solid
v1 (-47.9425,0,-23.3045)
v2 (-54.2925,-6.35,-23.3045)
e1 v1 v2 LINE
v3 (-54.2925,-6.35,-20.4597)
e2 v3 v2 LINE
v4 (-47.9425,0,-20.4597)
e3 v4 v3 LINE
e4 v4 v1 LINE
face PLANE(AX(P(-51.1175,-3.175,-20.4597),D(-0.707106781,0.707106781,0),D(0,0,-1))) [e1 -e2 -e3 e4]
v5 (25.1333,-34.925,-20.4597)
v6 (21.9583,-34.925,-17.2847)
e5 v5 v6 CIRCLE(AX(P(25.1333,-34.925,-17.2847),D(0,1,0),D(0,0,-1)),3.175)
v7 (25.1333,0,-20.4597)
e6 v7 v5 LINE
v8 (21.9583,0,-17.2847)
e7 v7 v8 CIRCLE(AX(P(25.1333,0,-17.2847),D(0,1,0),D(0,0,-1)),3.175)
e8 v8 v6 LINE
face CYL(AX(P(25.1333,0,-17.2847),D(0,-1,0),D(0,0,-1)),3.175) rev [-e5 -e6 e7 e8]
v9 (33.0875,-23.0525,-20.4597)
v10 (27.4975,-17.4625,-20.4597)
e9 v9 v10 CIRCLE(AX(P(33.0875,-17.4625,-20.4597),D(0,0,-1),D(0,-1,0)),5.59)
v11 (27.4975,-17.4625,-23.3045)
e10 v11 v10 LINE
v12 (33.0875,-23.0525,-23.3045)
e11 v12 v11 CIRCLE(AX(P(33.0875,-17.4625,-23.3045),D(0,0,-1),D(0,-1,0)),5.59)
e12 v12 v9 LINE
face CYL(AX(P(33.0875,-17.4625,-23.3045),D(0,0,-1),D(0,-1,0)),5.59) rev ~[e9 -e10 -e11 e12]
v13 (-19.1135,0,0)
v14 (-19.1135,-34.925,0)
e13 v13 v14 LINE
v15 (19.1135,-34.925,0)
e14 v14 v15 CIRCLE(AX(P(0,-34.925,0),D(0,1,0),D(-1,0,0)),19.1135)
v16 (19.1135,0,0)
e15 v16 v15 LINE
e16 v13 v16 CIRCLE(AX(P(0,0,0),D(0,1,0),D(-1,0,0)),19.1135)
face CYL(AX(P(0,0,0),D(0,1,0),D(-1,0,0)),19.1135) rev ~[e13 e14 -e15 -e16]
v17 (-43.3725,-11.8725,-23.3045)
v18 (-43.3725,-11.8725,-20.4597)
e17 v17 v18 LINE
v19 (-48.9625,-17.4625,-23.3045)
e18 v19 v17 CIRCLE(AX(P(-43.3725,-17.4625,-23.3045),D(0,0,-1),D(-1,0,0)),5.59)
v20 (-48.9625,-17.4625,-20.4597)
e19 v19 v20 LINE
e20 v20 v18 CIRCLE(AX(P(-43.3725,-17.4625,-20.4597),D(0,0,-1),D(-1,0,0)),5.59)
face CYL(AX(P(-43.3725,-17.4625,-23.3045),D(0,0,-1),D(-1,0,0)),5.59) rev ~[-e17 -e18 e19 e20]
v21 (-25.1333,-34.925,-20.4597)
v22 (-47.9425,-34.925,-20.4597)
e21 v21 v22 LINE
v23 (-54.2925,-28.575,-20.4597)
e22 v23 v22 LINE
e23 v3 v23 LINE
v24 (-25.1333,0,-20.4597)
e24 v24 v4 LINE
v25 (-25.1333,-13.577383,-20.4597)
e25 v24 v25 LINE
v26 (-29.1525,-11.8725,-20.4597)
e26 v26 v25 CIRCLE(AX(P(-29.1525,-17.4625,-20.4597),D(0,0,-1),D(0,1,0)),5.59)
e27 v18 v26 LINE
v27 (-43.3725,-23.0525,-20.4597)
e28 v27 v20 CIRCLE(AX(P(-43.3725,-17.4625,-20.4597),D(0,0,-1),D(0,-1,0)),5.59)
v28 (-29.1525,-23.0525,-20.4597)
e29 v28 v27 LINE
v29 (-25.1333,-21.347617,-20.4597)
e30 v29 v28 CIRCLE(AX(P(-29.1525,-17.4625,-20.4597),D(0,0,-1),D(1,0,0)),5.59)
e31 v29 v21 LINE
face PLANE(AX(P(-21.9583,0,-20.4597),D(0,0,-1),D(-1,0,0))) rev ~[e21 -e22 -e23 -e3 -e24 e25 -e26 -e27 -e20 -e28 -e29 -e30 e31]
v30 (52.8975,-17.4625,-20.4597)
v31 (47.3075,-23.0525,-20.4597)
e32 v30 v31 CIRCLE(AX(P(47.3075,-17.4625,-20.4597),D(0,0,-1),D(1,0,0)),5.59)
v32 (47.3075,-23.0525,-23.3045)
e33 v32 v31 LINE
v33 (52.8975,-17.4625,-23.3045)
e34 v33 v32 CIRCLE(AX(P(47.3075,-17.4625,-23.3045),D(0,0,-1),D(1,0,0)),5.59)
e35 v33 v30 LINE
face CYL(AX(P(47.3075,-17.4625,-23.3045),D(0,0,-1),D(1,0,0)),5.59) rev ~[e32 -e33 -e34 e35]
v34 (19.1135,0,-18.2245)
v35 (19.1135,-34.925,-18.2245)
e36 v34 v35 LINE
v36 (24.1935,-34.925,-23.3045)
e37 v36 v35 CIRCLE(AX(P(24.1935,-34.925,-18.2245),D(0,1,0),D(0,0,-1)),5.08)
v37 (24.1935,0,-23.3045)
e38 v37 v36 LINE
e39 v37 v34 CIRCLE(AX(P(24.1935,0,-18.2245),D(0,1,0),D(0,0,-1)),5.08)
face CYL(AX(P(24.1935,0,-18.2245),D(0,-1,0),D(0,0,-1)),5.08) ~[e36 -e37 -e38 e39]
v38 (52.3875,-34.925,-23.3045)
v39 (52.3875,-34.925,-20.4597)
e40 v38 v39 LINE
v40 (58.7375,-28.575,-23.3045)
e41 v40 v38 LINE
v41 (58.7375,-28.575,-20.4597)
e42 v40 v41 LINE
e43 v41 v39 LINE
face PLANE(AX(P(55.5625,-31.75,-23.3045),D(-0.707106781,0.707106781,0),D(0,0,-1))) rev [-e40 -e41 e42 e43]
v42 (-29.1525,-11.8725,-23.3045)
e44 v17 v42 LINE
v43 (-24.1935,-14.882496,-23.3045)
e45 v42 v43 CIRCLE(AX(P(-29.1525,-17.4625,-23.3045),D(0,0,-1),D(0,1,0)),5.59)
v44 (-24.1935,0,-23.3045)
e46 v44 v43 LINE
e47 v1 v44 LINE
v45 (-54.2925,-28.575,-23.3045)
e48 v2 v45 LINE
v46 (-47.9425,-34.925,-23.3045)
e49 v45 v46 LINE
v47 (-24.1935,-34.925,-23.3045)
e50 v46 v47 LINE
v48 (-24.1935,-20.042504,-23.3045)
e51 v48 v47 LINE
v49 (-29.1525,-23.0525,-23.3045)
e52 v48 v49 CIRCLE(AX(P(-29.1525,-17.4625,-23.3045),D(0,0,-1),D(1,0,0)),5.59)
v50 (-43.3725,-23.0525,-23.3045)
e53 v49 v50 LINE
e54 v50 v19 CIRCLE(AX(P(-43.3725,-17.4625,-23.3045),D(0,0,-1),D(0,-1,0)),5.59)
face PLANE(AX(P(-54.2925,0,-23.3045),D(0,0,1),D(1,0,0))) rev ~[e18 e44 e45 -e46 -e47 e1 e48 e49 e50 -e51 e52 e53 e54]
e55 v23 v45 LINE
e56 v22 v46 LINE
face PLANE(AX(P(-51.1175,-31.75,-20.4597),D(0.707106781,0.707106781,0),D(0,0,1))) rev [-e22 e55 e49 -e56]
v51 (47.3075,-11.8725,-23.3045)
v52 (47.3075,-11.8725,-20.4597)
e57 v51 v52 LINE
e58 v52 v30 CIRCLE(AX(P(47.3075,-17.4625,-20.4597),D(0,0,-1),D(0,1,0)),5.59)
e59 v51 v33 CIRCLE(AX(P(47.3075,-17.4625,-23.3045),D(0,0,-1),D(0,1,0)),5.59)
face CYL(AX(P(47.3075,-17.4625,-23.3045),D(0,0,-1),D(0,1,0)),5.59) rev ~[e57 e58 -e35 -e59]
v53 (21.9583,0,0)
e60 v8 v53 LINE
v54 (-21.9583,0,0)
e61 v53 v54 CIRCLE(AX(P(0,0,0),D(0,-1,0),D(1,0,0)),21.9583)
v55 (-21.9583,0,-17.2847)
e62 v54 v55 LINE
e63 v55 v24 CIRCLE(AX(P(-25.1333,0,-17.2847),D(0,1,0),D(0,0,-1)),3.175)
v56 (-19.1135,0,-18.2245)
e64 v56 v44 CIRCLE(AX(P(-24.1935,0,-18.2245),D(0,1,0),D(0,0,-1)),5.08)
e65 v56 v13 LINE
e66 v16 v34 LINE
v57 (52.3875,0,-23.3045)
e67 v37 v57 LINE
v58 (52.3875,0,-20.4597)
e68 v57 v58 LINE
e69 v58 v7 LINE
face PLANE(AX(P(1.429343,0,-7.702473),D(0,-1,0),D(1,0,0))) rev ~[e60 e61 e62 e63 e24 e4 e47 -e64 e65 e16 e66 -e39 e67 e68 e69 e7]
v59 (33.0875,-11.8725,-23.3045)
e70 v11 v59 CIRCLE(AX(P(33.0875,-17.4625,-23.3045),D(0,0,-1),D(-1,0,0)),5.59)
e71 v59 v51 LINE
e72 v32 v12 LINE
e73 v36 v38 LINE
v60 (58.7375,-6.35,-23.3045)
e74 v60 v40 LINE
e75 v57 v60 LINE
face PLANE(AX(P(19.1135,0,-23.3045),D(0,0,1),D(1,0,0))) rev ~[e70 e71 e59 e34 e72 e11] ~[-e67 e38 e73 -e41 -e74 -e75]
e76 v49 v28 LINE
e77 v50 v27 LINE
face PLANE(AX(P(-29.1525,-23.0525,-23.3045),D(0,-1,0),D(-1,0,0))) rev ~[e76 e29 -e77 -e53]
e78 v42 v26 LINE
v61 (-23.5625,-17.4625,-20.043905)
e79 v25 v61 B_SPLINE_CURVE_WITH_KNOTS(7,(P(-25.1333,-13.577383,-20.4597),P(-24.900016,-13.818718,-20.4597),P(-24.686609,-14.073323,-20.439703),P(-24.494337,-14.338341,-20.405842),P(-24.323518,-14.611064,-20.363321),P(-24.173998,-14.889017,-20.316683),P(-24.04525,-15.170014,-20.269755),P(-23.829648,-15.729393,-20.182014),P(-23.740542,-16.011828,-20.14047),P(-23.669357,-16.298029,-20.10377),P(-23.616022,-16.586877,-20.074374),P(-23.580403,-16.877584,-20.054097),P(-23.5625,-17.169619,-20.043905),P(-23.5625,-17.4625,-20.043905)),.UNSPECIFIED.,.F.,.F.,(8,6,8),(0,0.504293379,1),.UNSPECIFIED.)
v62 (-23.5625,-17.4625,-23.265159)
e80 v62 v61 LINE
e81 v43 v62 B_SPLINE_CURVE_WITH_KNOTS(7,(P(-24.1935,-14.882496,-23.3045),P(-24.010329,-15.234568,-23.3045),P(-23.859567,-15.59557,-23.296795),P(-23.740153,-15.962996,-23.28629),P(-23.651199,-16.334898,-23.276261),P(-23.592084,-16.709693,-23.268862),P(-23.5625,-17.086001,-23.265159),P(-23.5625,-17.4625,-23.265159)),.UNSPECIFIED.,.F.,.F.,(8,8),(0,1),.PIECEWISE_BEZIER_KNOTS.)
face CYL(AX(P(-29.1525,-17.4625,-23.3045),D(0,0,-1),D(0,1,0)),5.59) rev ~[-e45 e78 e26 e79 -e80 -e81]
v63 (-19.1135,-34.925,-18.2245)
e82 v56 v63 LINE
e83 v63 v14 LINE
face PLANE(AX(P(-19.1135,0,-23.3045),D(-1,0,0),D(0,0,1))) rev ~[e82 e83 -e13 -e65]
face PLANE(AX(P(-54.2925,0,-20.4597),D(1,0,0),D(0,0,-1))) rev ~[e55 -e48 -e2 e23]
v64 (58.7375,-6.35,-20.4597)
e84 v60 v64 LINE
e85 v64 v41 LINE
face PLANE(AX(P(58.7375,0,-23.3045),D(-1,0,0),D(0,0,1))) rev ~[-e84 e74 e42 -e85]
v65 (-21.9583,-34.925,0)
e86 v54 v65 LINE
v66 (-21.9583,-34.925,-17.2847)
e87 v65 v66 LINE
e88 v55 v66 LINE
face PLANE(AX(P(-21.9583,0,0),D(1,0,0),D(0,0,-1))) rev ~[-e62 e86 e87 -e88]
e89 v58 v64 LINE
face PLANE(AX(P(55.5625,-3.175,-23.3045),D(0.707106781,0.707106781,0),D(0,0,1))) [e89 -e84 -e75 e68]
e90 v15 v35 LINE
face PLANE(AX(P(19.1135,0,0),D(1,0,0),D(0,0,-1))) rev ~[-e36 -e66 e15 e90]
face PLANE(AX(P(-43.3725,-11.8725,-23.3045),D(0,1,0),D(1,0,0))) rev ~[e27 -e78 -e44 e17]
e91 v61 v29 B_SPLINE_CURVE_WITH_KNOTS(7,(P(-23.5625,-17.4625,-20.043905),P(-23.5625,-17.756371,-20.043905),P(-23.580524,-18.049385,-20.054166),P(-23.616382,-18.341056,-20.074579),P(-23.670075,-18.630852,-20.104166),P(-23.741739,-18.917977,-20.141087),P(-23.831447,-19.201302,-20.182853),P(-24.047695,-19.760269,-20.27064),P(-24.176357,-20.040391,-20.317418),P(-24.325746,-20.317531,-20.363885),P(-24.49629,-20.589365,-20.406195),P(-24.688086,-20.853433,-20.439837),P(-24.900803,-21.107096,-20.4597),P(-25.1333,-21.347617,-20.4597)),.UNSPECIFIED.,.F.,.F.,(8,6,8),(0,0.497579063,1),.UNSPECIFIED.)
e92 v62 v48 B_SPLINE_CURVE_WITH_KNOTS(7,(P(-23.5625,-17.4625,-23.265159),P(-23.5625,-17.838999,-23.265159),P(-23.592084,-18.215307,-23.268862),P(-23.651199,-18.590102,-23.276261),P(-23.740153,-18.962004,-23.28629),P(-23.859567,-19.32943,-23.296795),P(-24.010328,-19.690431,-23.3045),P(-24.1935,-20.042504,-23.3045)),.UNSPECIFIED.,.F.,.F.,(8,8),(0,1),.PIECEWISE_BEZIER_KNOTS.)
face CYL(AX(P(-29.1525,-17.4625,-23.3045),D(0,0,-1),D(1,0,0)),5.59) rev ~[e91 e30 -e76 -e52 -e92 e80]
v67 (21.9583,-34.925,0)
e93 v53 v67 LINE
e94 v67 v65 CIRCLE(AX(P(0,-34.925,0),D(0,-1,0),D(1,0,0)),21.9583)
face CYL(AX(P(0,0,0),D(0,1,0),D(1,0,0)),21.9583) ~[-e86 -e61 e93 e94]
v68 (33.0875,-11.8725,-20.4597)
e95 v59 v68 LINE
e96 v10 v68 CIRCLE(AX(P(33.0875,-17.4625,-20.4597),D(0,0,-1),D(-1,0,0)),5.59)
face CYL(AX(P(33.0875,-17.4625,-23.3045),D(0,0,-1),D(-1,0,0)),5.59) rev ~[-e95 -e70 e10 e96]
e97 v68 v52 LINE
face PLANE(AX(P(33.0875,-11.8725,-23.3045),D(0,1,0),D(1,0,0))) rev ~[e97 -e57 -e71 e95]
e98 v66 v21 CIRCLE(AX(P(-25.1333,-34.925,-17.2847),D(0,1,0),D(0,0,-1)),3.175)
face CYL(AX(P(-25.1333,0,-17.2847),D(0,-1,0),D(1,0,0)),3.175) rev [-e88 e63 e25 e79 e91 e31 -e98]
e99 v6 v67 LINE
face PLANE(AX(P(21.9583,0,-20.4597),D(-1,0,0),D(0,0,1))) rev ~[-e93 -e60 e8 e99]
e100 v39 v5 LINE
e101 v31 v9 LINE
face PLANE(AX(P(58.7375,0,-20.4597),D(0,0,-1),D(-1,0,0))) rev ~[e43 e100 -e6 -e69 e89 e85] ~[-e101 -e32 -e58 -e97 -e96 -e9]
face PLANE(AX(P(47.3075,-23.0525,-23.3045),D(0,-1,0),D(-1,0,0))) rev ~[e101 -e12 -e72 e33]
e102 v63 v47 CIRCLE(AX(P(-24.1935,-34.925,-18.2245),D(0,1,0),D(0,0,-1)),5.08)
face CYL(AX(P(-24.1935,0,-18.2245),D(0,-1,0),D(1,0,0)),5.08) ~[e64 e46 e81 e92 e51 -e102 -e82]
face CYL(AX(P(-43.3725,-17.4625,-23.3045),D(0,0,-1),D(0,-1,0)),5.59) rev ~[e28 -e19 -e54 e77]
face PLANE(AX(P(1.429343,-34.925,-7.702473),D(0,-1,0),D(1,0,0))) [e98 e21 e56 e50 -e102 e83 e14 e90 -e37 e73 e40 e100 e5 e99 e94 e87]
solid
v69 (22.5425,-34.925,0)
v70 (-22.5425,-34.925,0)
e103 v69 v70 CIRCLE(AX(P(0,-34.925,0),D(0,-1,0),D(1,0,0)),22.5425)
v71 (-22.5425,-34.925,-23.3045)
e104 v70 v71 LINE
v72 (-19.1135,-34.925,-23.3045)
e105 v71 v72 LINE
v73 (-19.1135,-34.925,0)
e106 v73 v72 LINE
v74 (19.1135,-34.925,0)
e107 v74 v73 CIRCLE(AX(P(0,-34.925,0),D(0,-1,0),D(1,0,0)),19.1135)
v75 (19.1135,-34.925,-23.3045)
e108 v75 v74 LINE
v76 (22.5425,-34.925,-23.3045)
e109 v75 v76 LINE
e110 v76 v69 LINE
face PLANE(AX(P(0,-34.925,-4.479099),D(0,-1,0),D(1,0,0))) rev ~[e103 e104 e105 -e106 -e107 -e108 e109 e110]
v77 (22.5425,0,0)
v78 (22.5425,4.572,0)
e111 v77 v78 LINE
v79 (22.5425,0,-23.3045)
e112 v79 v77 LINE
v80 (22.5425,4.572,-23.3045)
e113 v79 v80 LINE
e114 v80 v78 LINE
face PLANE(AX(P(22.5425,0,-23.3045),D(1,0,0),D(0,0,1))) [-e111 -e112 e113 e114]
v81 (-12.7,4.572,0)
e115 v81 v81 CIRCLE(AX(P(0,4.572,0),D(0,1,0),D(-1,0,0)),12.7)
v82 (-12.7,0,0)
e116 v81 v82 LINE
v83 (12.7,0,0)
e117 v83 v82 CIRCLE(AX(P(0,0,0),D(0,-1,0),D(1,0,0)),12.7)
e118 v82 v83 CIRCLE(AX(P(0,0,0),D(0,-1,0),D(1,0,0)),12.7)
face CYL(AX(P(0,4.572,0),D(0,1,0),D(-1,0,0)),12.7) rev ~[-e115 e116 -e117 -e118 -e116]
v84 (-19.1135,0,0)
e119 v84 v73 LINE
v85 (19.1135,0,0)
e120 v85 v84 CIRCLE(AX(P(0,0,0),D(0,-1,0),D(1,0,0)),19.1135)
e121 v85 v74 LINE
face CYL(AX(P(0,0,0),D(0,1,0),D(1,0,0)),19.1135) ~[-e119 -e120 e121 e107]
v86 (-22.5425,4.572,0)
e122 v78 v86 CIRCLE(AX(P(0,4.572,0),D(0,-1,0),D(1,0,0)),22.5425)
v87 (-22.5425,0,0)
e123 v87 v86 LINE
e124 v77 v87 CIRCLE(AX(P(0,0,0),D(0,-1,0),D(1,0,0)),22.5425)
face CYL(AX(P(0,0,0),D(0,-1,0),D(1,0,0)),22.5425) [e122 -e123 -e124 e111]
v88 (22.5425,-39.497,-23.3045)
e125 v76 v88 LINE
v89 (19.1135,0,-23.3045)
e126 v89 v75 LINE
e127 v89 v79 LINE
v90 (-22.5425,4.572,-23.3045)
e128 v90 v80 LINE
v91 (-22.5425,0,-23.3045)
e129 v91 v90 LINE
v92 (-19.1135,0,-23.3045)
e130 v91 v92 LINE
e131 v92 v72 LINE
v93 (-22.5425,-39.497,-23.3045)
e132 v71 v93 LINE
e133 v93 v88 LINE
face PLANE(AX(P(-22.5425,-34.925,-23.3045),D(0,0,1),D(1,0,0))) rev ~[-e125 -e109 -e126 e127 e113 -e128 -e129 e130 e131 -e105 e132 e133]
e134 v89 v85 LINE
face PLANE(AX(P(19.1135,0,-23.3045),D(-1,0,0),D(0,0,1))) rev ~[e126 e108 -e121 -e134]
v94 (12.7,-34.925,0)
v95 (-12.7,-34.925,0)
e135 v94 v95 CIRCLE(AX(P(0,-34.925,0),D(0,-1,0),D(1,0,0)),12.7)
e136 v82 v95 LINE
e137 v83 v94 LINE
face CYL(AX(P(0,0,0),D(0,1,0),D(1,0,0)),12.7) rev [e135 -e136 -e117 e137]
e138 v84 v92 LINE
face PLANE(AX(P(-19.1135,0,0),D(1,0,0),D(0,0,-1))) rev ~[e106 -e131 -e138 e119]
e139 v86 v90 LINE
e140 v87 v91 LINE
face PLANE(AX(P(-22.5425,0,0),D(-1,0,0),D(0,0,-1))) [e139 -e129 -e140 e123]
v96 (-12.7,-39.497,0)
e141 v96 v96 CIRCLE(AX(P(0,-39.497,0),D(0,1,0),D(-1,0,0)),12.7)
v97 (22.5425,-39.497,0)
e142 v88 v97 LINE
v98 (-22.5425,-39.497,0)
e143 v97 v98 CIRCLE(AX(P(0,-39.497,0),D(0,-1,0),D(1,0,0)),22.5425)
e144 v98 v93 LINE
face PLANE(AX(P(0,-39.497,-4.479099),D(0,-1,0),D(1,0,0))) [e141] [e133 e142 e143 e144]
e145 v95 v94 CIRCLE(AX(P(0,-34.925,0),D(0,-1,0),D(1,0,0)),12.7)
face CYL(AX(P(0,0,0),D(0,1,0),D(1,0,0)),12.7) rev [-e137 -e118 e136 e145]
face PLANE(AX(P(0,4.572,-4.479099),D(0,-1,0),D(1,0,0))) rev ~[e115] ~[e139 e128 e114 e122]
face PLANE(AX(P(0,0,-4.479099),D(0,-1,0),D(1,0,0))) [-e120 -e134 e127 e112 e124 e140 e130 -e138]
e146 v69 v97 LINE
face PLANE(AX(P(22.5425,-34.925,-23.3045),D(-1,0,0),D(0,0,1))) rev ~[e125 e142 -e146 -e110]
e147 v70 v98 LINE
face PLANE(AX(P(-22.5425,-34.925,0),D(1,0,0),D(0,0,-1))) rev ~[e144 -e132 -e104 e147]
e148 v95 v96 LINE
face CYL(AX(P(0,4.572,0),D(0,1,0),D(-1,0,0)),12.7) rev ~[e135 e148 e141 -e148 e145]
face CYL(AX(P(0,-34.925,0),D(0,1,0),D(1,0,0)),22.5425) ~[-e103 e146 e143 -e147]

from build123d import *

# Parameters (mm, degrees)
F0_R      = 12.7
F2_DEPTH  = 34.925
F4_DEPTH  = 4.572
F5_DEPTH  = 34.925
F6_R      = 3.175
F7_R      = 5.08
F9_DEPTH  = 45.848
F10_SIZE  = 6.35
F12_DEPTH = 4.572
F13_R     = 12.7
F14_DEPTH = 44.07


with BuildPart() as f2:
    # F0 (on Front) → F2 (new body)
    with BuildSketch(Plane.XZ):
        with BuildLine():
            Line((19.1135, -23.3045), (19.1135, 0))
            ThreePointArc((19.1135, 0), (0, 19.1135), (-19.1135, 0))
            Line((-19.1135, 0), (-19.1135, -23.3045))
            Line((-19.1135, -23.3045), (19.1135, -23.3045))
        make_face()
        Circle(F0_R, mode=Mode.SUBTRACT)
    extrude(amount=F2_DEPTH)

    # F1 (on Front) → F4 (join)
    with BuildSketch(Plane.XZ):
        with BuildLine():
            Line((-22.5425, 0), (-22.5425, -23.3045))
            Line((-22.5425, -23.3045), (22.5425, -23.3045))
            Line((22.5425, -23.3045), (22.5425, 0))
            ThreePointArc((22.5425, 0), (0, 22.5425), (-22.5425, 0))
        make_face()
    extrude(amount=-F4_DEPTH)

    # F11 (on face) → F12 (join)
    with BuildSketch(Plane.XZ.offset(34.925)):
        with BuildLine():
            Line((-22.5425, 0), (-22.5425, -23.3045))
            Line((-22.5425, -23.3045), (22.5425, -23.3045))
            Line((22.5425, -23.3045), (22.5425, 0))
            ThreePointArc((22.5425, 0), (0, 22.5425), (-22.5425, 0))
        make_face()
    extrude(amount=F12_DEPTH)

    # F13 (on face) → F14 (cut, through all)
    with BuildSketch(Plane(origin=(0, 4.572, 0), x_dir=(-1, 0, 0), z_dir=(0, 1, 0))):
        Circle(F13_R)
    extrude(amount=-F14_DEPTH, mode=Mode.SUBTRACT)


with BuildPart() as f5:
    # F3 (on Front) → F5 (new body, through all)
    with BuildSketch(Plane.XZ):
        with BuildLine():
            Line((19.1135, 0), (19.1135, -23.3045))
            Line((19.1135, -23.3045), (58.7375, -23.3045))
            Line((58.7375, -23.3045), (58.7375, -20.4597))
            Line((58.7375, -20.4597), (21.9583, -20.4597))
            Line((21.9583, -20.4597), (21.9583, 0))
            ThreePointArc((21.9583, 0), (0, 21.9583), (-21.9583, 0))
            Line((-21.9583, 0), (-21.9583, -20.4597))
            Line((-21.9583, -20.4597), (-54.2925, -20.4597))
            Line((-54.2925, -20.4597), (-54.2925, -23.3045))
            Line((-54.2925, -23.3045), (-19.1135, -23.3045))
            Line((-19.1135, -23.3045), (-19.1135, 0))
            ThreePointArc((-19.1135, 0), (0, 19.1135), (19.1135, 0))
        make_face()
    extrude(amount=F5_DEPTH)

    # F6
    f6_edges = [f5.edges().sort_by_distance(p)[0] for p in [
        (-21.9583, -17.4625, -20.4597),
        (21.9583, -17.4625, -20.4597),
    ]]
    fillet(f6_edges, radius=F6_R)

    # F7
    f7_edges = [f5.edges().sort_by_distance(p)[0] for p in [
        (-19.1135, -17.4625, -23.3045),
        (19.1135, -17.4625, -23.3045),
    ]]
    fillet(f7_edges, radius=F7_R)

    # F8 (on face) → F9 (cut, through all)
    with BuildSketch(Plane(origin=(0, 0, -23.3045), x_dir=(1, 0, 0), z_dir=(0, 0, -1))):
        with BuildLine():
            ThreePointArc((-29.1525, 11.8725000002), (-25.1997730932, 13.5097730933), (-23.5625, 17.4625000002))
            Line((-23.5625, 17.4625000002), (-48.9625, 17.4625000002))
            ThreePointArc((-48.9625, 17.4625000002), (-47.3252269068, 13.5097730933), (-43.3725, 11.8725000002))
            Line((-43.3725, 11.8725000002), (-29.1525, 11.8725000002))
        make_face()
        with BuildLine():
            Line((-48.9625, 17.4625000002), (-23.5625, 17.4625000002))
            ThreePointArc((-23.5625, 17.4625000002), (-25.1997730932, 21.415226907), (-29.1525, 23.0525000002))
            Line((-29.1525, 23.0525000002), (-43.3725, 23.0525000002))
            ThreePointArc((-43.3725, 23.0525000002), (-47.3252269068, 21.415226907), (-48.9625, 17.4625000002))
        make_face()
        with BuildLine():
            Line((33.0875, 11.8725000002), (47.3075, 11.8725000002))
            ThreePointArc((47.3075, 11.8725000002), (51.2602269068, 13.5097730933), (52.8975, 17.4625000002))
            Line((52.8975, 17.4625000002), (27.4975, 17.4625000002))
            ThreePointArc((27.4975, 17.4625000002), (29.1347730932, 13.5097730933), (33.0875, 11.8725000002))
        make_face()
        with BuildLine():
            Line((27.4975, 17.4625000002), (52.8975, 17.4625000002))
            ThreePointArc((52.8975, 17.4625000002), (51.2602269068, 21.415226907), (47.3075, 23.0525000002))
            Line((47.3075, 23.0525000002), (33.0875, 23.0525000002))
            ThreePointArc((33.0875, 23.0525000002), (29.1347730932, 21.415226907), (27.4975, 17.4625000002))
        make_face()
    extrude(amount=-F9_DEPTH, mode=Mode.SUBTRACT)

    # F10
    f10_edges = [f5.edges().sort_by_distance(p)[0] for p in [
        (-54.2925, -34.925, -21.8821),
        (58.7375, -34.925, -21.8821),
        (-54.2925, 0, -21.8821),
        (58.7375, 0, -21.8821),
    ]]
    chamfer(f10_edges, length=F10_SIZE)


solid = Compound([f2.part, f5.part])
